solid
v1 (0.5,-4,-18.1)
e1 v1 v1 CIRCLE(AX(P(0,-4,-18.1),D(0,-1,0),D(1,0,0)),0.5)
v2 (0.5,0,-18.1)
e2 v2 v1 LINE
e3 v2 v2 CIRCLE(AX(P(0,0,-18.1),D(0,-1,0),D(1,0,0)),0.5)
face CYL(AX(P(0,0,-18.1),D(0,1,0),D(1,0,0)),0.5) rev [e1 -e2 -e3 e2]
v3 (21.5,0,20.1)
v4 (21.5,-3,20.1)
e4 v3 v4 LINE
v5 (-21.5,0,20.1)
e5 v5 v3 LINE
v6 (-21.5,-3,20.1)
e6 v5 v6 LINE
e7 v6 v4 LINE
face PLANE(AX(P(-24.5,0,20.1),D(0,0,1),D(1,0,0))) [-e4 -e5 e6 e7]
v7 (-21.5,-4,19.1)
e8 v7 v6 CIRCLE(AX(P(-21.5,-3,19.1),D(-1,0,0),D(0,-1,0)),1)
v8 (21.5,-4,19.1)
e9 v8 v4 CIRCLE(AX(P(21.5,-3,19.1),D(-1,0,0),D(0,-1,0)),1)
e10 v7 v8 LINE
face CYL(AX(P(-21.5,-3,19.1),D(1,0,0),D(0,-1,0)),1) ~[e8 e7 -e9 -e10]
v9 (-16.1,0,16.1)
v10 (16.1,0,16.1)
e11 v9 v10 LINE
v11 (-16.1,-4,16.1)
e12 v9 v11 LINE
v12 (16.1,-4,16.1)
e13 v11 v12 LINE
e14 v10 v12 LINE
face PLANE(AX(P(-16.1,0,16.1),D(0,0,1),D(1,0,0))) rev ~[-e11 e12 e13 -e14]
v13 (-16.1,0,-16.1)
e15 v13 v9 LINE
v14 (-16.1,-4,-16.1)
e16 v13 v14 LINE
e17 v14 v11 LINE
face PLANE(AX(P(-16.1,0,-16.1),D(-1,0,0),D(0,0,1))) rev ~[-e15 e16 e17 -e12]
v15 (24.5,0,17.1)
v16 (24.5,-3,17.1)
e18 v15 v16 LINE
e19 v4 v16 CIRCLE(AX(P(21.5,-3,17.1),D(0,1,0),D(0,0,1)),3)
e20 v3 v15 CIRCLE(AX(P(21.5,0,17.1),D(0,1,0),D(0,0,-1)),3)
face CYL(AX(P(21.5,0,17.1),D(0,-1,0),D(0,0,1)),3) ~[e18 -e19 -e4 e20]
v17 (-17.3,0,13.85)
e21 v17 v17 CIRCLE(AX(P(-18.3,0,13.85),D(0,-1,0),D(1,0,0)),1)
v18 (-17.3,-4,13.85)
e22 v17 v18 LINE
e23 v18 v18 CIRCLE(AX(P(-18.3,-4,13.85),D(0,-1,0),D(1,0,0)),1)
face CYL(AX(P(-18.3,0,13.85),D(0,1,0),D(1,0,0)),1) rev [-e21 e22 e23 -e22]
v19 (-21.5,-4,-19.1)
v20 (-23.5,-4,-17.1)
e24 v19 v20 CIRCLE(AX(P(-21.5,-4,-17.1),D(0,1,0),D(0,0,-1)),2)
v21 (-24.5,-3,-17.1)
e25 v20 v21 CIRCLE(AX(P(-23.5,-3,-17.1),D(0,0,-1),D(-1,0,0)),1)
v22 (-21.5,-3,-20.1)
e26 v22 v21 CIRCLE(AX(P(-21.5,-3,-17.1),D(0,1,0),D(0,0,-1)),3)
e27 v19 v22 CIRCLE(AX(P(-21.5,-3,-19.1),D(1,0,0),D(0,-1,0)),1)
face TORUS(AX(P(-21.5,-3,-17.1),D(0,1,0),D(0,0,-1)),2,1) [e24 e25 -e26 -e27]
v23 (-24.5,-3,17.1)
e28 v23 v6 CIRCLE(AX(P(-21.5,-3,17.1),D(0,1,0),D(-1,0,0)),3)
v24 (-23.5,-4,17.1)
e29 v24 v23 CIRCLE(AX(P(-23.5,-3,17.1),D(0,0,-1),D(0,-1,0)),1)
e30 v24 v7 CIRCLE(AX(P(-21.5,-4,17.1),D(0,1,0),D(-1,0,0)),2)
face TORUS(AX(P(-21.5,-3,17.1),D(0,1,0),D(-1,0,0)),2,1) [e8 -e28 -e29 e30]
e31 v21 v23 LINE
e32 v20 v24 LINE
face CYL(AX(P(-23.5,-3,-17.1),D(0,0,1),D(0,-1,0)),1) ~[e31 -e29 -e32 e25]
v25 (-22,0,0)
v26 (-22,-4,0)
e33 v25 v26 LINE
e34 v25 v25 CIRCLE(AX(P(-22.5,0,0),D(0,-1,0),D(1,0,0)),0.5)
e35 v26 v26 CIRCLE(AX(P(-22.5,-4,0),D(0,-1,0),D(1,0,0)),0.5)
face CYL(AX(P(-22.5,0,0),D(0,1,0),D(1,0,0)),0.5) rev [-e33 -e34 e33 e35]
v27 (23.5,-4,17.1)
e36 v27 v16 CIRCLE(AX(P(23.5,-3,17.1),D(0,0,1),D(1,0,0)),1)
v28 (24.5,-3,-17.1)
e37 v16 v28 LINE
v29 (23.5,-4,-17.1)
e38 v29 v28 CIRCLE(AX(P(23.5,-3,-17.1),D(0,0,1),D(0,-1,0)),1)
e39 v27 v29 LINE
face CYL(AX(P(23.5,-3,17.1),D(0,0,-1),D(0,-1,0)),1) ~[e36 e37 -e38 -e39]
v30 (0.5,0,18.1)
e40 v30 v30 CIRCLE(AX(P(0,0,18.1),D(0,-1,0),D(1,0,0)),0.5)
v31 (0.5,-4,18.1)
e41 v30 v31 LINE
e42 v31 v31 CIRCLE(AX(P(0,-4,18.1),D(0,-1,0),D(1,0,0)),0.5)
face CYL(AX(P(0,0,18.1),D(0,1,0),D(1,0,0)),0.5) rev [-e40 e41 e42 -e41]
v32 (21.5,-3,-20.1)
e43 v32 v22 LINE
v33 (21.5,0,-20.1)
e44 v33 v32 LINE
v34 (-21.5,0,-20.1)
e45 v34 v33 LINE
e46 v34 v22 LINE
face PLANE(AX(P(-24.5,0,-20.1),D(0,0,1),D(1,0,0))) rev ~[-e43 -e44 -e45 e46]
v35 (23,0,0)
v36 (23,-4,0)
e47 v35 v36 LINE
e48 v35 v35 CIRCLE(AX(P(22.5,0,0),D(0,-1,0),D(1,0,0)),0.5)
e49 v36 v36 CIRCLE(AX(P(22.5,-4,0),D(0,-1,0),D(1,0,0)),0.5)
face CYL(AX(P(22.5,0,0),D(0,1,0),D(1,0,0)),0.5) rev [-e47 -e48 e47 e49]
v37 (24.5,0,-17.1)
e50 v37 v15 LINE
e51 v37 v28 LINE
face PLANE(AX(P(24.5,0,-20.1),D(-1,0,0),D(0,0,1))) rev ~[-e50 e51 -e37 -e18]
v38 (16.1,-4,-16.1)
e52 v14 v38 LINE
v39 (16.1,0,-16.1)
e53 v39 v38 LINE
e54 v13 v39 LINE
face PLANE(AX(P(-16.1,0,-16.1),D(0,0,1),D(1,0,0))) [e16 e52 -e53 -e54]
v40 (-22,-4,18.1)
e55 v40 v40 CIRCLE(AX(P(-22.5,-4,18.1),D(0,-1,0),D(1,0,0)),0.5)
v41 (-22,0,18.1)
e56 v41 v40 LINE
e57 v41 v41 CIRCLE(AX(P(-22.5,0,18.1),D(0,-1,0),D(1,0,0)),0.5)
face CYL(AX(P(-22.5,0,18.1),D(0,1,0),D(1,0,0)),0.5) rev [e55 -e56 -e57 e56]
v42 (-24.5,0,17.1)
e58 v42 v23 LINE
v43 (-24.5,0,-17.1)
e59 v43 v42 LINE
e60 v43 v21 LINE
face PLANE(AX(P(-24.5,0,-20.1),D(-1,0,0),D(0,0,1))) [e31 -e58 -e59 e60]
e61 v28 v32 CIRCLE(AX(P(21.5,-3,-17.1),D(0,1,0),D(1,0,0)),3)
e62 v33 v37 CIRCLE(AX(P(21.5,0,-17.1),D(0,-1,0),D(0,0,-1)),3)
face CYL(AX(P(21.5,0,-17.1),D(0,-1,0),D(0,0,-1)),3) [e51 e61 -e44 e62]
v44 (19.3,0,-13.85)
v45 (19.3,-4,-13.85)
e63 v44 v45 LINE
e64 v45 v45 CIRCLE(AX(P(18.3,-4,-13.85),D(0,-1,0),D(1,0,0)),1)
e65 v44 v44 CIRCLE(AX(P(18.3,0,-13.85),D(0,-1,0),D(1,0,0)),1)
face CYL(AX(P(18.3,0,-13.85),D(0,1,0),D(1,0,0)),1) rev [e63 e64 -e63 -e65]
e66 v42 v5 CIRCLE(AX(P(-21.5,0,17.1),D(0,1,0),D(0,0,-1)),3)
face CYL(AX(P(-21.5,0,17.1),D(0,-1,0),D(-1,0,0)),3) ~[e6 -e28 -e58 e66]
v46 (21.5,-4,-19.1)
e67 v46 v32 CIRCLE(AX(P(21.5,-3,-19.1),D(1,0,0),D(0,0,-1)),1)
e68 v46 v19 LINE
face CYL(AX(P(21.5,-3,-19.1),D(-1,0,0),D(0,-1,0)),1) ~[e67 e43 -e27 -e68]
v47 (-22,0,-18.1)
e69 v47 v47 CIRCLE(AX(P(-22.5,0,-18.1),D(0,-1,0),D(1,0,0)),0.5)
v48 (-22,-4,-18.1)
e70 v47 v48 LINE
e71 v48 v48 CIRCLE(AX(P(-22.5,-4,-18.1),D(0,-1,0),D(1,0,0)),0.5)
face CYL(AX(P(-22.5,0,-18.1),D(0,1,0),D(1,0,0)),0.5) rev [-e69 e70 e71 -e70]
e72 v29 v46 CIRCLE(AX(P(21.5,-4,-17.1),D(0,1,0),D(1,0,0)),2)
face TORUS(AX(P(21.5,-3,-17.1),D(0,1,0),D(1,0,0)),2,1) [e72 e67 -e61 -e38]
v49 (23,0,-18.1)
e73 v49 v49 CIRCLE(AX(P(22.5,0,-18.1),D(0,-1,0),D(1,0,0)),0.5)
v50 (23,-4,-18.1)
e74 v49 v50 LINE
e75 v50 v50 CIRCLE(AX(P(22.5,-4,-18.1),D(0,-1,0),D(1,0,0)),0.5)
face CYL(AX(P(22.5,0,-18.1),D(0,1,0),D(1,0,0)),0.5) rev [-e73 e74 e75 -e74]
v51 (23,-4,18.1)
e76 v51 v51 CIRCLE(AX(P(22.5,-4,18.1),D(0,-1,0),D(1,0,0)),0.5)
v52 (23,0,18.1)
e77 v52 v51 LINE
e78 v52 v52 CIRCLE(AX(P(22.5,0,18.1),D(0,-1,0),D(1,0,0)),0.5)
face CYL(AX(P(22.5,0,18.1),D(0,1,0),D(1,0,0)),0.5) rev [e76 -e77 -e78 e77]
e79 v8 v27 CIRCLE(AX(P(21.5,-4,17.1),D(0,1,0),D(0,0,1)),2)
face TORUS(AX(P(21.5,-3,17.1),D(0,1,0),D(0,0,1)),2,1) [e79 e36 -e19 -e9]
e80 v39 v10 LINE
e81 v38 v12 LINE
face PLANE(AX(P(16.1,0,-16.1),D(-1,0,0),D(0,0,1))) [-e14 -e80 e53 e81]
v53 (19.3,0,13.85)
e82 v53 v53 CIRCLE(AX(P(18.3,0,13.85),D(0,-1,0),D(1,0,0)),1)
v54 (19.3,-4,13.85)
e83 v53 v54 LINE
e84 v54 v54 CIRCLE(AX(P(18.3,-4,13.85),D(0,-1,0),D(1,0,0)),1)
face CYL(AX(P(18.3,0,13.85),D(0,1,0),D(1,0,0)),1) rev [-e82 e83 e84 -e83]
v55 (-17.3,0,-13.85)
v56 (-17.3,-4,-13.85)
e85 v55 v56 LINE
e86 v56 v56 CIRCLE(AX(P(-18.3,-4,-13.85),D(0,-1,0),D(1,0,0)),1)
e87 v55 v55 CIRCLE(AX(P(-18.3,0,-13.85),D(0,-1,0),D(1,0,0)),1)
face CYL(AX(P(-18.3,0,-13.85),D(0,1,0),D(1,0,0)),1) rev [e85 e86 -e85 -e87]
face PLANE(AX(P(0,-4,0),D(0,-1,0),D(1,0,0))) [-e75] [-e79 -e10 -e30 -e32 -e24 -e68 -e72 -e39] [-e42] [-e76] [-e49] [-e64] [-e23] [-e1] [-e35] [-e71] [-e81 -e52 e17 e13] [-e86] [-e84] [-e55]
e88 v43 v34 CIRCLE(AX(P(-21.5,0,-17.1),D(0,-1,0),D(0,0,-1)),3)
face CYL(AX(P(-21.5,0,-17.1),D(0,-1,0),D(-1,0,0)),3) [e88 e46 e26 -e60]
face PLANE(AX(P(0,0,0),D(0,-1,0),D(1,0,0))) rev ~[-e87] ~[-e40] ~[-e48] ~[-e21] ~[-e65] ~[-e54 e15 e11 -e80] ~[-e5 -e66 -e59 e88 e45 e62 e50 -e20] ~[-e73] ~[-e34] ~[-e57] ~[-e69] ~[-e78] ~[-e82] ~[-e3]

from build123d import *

# Parameters (mm, degrees)
F0_W     = 49
F0_H     = 40.2
F0_R     = 0.5
F0_R_2   = 1
F0_W_2   = 32.2
F0_H_2   = 32.2
F1_DEPTH = 4
F2_R     = 3
F3_R     = 1


with BuildPart() as f1:
    # F0 (on Front) → F1 (new body)
    with BuildSketch(Plane.XZ):
        Rectangle(F0_W, F0_H)
        with Locations((-22.5, -18.1)):
            Circle(F0_R, mode=Mode.SUBTRACT)
        with Locations((-18.3, -13.85)):
            Circle(F0_R_2, mode=Mode.SUBTRACT)
        with Locations((0, -18.1)):
            Circle(F0_R, mode=Mode.SUBTRACT)
        with Locations((22.5, -18.1)):
            Circle(F0_R, mode=Mode.SUBTRACT)
        with Locations((18.3, -13.85)):
            Circle(F0_R_2, mode=Mode.SUBTRACT)
        with Locations((-22.5, 0)):
            Circle(F0_R, mode=Mode.SUBTRACT)
        Rectangle(F0_W_2, F0_H_2, mode=Mode.SUBTRACT)
        with Locations((-18.3, 13.85)):
            Circle(F0_R_2, mode=Mode.SUBTRACT)
        with Locations((-22.5, 18.1)):
            Circle(F0_R, mode=Mode.SUBTRACT)
        with Locations((0, 18.1)):
            Circle(F0_R, mode=Mode.SUBTRACT)
        with Locations((22.5, 0)):
            Circle(F0_R, mode=Mode.SUBTRACT)
        with Locations((18.3, 13.85)):
            Circle(F0_R_2, mode=Mode.SUBTRACT)
        with Locations((22.5, 18.1)):
            Circle(F0_R, mode=Mode.SUBTRACT)
    extrude(amount=F1_DEPTH)

    # F2
    f2_edges = [f1.edges().sort_by_distance(p)[0] for p in [
        (-24.5, -2, -20.1),
        (24.5, -2, -20.1),
        (24.5, -2, 20.1),
        (-24.5, -2, 20.1),
    ]]
    fillet(f2_edges, radius=F2_R)

    # F3
    f3_edges = [f1.edges().sort_by_distance(p)[0] for p in [
        (0, -4, 20.1),
    ]]
    fillet(f3_edges, radius=F3_R)


solid = f1.part
